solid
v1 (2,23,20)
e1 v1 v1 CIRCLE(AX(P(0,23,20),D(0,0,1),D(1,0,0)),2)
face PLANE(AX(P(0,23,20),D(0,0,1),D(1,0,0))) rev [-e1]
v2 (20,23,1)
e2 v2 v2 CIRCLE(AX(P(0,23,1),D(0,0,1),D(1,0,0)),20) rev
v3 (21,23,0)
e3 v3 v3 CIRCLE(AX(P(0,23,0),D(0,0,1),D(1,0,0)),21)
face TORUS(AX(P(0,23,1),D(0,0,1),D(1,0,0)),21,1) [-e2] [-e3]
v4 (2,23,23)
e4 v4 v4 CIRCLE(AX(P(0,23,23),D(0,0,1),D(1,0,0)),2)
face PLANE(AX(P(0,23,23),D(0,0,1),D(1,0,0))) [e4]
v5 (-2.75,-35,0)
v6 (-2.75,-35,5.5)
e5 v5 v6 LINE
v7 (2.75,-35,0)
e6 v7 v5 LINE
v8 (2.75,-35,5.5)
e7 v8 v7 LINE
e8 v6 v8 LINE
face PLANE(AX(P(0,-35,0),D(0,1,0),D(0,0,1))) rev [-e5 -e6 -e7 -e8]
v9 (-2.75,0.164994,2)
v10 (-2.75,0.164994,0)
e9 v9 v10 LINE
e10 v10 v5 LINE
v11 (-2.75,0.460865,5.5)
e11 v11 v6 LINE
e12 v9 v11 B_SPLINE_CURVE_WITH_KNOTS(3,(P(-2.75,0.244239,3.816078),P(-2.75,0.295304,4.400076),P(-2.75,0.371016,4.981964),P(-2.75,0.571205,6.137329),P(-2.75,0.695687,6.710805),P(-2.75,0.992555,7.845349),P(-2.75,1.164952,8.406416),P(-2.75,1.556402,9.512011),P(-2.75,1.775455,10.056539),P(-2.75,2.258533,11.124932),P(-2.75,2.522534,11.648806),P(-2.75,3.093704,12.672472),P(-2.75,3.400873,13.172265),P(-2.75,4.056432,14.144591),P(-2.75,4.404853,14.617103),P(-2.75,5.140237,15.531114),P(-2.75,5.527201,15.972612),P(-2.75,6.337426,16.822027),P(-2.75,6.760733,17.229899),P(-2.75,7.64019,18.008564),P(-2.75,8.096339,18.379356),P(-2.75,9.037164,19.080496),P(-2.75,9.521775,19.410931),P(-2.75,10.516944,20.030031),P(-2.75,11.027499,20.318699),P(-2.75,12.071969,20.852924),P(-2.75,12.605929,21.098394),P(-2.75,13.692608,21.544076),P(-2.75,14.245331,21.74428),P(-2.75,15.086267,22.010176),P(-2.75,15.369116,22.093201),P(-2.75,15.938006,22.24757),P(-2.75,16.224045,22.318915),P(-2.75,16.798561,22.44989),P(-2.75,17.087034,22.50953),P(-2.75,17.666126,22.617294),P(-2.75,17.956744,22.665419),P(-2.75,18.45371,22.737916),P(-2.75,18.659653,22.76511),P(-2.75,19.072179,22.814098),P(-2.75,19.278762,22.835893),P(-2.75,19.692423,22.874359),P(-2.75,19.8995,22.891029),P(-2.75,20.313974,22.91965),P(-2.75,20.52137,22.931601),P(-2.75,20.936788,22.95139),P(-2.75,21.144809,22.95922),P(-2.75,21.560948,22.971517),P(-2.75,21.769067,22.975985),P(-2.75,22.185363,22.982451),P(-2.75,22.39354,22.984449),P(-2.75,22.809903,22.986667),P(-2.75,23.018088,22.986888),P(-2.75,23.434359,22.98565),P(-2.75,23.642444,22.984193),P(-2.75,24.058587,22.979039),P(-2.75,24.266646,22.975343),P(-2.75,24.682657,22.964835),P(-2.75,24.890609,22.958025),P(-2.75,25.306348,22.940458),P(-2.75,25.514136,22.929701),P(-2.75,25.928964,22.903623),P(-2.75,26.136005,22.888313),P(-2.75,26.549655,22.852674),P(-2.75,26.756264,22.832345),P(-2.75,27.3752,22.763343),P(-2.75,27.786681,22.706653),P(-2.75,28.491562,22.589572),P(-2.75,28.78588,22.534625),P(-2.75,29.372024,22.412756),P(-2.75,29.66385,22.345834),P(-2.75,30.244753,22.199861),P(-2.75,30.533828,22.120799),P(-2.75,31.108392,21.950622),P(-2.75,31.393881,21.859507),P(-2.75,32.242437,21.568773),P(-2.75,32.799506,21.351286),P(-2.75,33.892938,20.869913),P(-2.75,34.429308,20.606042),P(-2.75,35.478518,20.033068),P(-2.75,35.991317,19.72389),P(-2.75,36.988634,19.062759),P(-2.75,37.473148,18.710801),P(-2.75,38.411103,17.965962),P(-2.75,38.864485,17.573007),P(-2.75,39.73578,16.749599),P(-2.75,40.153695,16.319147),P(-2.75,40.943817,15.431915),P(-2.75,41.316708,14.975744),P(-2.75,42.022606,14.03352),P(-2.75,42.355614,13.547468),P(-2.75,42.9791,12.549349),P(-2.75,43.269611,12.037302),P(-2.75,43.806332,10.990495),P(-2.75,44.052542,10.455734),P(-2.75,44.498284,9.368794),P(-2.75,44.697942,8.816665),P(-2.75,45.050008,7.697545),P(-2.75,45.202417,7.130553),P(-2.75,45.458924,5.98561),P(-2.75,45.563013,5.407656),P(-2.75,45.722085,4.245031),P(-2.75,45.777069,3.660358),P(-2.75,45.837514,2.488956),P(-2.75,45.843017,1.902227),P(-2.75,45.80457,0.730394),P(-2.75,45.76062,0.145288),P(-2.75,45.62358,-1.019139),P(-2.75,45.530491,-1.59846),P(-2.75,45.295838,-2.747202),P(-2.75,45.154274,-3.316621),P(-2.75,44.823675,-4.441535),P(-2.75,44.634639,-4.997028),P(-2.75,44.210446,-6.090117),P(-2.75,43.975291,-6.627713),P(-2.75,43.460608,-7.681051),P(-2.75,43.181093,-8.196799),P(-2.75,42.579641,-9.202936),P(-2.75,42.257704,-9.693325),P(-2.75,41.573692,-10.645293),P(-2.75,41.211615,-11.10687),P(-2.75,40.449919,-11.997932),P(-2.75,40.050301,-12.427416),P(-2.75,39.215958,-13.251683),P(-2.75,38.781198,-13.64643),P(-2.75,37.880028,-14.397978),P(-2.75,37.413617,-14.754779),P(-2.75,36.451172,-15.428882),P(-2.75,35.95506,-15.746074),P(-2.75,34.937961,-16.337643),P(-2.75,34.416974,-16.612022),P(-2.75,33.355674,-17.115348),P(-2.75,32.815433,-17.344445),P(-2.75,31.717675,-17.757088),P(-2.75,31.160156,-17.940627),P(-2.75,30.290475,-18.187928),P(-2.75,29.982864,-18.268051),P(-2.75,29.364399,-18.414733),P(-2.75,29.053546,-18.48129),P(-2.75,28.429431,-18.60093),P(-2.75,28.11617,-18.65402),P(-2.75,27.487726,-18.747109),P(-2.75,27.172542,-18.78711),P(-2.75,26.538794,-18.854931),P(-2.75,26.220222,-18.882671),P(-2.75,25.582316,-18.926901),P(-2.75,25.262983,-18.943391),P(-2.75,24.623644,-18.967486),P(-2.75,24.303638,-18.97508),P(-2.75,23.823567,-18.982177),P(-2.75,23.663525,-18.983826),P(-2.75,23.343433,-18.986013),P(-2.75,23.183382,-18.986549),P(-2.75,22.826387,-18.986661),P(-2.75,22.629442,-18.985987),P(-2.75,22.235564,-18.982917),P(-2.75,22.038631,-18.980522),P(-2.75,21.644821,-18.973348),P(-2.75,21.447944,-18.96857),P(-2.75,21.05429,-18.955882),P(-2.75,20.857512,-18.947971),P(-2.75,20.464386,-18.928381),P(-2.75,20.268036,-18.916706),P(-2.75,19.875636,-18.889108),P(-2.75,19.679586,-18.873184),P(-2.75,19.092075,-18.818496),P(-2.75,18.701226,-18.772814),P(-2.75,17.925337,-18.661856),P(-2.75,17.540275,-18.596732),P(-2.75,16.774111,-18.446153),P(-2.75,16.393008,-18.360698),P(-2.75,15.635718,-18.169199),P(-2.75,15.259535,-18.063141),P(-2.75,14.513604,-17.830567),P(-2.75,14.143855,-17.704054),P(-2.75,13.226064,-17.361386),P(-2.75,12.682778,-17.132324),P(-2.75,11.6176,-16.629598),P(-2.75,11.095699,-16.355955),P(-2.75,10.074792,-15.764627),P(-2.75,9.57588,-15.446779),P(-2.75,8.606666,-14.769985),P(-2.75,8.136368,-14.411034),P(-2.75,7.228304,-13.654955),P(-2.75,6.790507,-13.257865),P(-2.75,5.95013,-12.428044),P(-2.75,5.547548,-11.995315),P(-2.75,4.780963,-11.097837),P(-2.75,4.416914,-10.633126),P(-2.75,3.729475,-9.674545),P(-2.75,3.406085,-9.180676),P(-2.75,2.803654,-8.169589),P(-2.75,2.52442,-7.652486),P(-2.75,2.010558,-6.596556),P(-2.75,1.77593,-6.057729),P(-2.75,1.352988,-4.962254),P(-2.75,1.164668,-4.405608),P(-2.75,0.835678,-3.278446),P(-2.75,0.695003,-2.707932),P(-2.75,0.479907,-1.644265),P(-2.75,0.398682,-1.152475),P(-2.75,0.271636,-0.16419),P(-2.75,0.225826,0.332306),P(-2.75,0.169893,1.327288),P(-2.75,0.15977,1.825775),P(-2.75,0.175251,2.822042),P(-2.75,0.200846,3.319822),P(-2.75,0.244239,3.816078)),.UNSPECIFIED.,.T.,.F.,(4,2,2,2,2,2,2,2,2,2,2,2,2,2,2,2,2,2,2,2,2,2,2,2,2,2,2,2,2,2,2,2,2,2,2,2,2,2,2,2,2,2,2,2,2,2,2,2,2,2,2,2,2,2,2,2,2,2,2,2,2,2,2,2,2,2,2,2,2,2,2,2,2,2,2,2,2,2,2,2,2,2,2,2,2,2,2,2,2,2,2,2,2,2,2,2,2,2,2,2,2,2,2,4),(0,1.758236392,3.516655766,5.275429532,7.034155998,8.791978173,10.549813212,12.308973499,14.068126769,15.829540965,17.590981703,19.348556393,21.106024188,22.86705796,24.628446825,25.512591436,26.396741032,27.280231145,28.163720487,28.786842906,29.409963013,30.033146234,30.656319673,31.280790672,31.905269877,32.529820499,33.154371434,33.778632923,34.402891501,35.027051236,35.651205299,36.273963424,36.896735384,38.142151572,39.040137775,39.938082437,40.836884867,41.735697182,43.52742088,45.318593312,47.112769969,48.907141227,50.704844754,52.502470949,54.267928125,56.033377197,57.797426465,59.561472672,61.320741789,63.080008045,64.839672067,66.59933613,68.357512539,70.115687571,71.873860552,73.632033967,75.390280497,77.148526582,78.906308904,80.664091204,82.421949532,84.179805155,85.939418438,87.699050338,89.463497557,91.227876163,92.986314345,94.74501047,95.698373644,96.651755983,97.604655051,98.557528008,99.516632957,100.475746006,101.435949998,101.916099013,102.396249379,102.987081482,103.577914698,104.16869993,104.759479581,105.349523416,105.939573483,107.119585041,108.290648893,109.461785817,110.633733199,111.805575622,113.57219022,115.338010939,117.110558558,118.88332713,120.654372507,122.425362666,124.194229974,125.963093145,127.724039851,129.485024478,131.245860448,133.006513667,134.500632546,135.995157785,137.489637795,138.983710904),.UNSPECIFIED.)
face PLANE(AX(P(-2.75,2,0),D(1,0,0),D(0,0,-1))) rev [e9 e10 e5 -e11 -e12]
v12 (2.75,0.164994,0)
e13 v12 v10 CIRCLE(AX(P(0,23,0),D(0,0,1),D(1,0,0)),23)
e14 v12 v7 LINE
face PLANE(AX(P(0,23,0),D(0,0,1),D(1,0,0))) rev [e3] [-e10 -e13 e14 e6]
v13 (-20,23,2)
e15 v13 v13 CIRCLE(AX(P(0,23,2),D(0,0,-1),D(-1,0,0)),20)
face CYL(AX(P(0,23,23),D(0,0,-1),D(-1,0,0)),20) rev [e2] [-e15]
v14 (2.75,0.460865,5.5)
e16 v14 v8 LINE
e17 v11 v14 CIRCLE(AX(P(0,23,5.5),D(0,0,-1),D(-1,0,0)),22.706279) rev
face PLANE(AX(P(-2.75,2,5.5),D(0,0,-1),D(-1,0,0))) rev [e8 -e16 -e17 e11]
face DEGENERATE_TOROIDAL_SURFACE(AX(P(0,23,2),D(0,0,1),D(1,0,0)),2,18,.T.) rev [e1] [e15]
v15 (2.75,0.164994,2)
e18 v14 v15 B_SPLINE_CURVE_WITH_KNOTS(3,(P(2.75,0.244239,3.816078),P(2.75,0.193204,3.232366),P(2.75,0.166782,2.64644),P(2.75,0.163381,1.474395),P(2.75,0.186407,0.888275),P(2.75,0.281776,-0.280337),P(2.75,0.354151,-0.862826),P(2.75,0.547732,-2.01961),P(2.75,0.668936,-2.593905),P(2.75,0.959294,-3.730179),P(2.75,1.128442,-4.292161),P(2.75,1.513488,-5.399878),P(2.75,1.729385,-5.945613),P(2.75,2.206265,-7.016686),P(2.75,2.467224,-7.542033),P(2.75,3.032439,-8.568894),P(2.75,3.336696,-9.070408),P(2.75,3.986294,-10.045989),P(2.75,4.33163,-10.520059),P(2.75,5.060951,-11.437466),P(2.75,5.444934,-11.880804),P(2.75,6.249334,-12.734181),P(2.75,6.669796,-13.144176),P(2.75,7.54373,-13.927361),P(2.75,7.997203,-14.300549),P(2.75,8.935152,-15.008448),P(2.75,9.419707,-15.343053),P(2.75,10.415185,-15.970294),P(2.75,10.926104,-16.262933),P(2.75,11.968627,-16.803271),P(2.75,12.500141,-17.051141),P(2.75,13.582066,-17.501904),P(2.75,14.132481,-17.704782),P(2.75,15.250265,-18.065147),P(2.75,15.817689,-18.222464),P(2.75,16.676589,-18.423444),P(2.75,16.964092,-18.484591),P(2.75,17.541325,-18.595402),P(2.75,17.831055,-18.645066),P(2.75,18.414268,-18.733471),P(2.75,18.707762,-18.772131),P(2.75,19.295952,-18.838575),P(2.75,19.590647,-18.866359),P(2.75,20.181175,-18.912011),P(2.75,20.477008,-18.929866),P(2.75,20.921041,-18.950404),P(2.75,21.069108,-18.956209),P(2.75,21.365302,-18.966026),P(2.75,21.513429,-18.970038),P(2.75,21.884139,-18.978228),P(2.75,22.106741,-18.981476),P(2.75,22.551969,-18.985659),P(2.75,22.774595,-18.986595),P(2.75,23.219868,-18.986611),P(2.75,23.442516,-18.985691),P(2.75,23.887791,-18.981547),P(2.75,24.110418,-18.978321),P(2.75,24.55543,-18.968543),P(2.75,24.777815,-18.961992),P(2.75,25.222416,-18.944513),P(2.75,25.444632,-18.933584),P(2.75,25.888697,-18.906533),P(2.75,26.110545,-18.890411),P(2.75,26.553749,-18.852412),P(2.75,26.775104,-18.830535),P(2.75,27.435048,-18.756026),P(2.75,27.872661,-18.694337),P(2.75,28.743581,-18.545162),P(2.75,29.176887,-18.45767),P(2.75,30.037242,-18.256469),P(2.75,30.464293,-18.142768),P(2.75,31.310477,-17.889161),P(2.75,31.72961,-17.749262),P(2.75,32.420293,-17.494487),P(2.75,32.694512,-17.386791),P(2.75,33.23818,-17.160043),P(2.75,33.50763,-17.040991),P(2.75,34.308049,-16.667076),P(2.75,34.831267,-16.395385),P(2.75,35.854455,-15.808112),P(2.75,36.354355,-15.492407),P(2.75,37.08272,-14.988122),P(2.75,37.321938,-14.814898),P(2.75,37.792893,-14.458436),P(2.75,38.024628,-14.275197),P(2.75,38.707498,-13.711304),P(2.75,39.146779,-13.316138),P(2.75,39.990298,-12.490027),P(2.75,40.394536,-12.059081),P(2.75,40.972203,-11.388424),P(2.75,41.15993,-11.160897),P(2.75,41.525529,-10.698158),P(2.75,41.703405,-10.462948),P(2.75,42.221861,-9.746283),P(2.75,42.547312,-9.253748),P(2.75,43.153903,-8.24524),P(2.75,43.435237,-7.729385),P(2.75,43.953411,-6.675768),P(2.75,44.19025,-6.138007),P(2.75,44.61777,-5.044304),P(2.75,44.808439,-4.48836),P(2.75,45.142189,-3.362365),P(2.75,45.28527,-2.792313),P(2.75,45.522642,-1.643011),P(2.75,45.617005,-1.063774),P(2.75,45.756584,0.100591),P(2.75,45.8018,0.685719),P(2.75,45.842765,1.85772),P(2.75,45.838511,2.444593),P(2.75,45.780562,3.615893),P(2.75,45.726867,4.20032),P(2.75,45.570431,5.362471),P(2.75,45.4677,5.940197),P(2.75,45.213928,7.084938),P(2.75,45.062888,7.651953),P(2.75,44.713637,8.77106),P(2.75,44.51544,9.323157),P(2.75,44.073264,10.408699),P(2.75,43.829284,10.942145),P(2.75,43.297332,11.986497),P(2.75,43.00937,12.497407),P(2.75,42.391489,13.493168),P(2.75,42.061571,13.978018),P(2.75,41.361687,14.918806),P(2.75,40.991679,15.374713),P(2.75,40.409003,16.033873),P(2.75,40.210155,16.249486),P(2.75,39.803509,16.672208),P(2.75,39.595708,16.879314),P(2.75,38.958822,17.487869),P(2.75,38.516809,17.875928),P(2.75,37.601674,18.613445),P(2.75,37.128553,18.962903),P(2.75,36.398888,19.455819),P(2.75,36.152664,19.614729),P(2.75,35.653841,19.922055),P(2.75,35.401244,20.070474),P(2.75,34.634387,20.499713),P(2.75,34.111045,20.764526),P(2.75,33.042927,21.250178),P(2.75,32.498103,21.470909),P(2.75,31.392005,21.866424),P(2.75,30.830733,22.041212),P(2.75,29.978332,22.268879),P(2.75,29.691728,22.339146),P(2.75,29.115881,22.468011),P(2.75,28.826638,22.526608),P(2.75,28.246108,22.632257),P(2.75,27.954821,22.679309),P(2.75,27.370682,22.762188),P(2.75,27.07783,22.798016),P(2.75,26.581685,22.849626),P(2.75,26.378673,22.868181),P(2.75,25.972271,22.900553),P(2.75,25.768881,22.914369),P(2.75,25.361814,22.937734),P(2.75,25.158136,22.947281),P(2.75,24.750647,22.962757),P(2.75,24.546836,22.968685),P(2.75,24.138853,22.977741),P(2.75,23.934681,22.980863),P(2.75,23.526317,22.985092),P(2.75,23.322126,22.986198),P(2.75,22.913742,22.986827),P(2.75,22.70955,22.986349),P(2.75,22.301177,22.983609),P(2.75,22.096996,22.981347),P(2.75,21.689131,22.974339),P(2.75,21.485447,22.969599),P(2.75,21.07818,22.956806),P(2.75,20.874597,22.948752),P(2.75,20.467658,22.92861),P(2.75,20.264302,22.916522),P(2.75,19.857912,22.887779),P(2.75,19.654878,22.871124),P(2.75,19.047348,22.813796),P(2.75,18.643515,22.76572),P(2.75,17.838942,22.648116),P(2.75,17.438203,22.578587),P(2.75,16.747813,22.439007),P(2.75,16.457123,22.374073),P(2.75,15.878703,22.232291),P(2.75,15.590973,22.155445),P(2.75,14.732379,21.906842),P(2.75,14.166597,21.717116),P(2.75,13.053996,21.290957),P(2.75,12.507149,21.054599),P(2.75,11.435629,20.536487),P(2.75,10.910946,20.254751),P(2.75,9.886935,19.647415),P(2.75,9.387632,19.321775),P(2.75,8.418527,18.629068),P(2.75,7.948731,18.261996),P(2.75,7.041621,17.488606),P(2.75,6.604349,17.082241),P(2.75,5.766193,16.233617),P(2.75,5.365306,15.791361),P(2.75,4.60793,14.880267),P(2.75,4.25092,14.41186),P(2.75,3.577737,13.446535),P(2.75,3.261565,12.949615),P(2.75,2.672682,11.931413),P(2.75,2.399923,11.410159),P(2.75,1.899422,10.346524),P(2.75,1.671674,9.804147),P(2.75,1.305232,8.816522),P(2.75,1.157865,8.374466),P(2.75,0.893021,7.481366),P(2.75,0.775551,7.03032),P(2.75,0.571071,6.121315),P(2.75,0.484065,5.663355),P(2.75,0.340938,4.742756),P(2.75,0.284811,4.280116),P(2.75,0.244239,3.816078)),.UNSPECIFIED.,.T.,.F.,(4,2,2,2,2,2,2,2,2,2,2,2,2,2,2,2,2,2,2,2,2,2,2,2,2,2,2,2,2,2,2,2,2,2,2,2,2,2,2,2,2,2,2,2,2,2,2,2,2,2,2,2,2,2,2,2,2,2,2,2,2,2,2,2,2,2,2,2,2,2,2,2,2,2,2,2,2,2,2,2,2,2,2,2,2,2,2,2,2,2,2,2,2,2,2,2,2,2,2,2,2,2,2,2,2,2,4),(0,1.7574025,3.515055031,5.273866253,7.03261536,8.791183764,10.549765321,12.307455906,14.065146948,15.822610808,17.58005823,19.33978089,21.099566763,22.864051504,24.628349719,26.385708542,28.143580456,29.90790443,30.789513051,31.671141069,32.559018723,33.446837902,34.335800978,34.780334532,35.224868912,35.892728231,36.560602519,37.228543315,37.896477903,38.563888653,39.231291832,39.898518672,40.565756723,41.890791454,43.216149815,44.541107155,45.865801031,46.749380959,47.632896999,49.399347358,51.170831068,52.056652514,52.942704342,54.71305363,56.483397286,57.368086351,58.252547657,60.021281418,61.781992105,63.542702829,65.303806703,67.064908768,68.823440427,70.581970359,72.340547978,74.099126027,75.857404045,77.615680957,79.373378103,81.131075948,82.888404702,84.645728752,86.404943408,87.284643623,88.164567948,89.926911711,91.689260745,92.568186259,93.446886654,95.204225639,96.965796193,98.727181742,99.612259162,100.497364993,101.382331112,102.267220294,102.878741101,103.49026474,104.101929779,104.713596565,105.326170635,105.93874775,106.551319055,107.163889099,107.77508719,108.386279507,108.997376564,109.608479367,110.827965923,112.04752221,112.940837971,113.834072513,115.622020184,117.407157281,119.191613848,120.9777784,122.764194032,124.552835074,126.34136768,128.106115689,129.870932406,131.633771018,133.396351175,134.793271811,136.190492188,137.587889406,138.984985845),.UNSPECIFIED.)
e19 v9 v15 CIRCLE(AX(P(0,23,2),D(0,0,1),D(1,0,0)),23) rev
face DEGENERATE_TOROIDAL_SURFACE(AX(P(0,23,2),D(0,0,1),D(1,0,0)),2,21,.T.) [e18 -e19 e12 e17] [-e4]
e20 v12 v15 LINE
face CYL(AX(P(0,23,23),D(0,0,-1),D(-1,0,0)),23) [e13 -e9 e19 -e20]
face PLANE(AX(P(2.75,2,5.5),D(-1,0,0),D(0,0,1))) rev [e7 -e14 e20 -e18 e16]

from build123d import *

# Parameters (mm, degrees)
SKETCH2_R                = 23
BOSS_EXTRUDE1_DEPTH      = 23
FILLET1_R                = 21
SHELL1_T                 = -3
FILLET2_R                = 1
BOSS_EXTRUDE3_DEPTH      = 2
BOSS_EXTRUDE3_DEPTH_BACK = 35
SKETCH5_W                = 5.5
SKETCH5_H                = 5.5


with BuildPart() as part:
    # Sketch2 → Boss-Extrude1 (new body)
    with BuildSketch(Plane.XY):
        with Locations((0, 23)):
            Circle(SKETCH2_R)
    extrude(amount=BOSS_EXTRUDE1_DEPTH)

    # Fillet1
    fillet1_edges = [part.edges().sort_by_distance(p)[0] for p in [
        (-23, 23, 23),
    ]]
    fillet(fillet1_edges, radius=FILLET1_R)

    # Shell1
    shell1_openings = [part.faces().sort_by_distance(p)[0] for p in [
        (0, 23, 0),
    ]]
    offset(amount=SHELL1_T, openings=shell1_openings, kind=Kind.INTERSECTION)

    # Fillet2
    fillet2_edges = [part.edges().sort_by_distance(p)[0] for p in [
        (-20, 23, 0),
    ]]
    fillet(fillet2_edges, radius=FILLET2_R)

    # Sketch5 → Boss-Extrude3 (add, two sides: drawn at the far end of the back side and taken through both)
    with BuildSketch(Plane(origin=(0, 0, 0), x_dir=(1, 0, 0), z_dir=(0, 1, 0)).offset(-BOSS_EXTRUDE3_DEPTH_BACK)):
        with Locations((0, -2.75)):
            Rectangle(SKETCH5_W, SKETCH5_H)
    extrude(amount=BOSS_EXTRUDE3_DEPTH + BOSS_EXTRUDE3_DEPTH_BACK)


solid = part.part
